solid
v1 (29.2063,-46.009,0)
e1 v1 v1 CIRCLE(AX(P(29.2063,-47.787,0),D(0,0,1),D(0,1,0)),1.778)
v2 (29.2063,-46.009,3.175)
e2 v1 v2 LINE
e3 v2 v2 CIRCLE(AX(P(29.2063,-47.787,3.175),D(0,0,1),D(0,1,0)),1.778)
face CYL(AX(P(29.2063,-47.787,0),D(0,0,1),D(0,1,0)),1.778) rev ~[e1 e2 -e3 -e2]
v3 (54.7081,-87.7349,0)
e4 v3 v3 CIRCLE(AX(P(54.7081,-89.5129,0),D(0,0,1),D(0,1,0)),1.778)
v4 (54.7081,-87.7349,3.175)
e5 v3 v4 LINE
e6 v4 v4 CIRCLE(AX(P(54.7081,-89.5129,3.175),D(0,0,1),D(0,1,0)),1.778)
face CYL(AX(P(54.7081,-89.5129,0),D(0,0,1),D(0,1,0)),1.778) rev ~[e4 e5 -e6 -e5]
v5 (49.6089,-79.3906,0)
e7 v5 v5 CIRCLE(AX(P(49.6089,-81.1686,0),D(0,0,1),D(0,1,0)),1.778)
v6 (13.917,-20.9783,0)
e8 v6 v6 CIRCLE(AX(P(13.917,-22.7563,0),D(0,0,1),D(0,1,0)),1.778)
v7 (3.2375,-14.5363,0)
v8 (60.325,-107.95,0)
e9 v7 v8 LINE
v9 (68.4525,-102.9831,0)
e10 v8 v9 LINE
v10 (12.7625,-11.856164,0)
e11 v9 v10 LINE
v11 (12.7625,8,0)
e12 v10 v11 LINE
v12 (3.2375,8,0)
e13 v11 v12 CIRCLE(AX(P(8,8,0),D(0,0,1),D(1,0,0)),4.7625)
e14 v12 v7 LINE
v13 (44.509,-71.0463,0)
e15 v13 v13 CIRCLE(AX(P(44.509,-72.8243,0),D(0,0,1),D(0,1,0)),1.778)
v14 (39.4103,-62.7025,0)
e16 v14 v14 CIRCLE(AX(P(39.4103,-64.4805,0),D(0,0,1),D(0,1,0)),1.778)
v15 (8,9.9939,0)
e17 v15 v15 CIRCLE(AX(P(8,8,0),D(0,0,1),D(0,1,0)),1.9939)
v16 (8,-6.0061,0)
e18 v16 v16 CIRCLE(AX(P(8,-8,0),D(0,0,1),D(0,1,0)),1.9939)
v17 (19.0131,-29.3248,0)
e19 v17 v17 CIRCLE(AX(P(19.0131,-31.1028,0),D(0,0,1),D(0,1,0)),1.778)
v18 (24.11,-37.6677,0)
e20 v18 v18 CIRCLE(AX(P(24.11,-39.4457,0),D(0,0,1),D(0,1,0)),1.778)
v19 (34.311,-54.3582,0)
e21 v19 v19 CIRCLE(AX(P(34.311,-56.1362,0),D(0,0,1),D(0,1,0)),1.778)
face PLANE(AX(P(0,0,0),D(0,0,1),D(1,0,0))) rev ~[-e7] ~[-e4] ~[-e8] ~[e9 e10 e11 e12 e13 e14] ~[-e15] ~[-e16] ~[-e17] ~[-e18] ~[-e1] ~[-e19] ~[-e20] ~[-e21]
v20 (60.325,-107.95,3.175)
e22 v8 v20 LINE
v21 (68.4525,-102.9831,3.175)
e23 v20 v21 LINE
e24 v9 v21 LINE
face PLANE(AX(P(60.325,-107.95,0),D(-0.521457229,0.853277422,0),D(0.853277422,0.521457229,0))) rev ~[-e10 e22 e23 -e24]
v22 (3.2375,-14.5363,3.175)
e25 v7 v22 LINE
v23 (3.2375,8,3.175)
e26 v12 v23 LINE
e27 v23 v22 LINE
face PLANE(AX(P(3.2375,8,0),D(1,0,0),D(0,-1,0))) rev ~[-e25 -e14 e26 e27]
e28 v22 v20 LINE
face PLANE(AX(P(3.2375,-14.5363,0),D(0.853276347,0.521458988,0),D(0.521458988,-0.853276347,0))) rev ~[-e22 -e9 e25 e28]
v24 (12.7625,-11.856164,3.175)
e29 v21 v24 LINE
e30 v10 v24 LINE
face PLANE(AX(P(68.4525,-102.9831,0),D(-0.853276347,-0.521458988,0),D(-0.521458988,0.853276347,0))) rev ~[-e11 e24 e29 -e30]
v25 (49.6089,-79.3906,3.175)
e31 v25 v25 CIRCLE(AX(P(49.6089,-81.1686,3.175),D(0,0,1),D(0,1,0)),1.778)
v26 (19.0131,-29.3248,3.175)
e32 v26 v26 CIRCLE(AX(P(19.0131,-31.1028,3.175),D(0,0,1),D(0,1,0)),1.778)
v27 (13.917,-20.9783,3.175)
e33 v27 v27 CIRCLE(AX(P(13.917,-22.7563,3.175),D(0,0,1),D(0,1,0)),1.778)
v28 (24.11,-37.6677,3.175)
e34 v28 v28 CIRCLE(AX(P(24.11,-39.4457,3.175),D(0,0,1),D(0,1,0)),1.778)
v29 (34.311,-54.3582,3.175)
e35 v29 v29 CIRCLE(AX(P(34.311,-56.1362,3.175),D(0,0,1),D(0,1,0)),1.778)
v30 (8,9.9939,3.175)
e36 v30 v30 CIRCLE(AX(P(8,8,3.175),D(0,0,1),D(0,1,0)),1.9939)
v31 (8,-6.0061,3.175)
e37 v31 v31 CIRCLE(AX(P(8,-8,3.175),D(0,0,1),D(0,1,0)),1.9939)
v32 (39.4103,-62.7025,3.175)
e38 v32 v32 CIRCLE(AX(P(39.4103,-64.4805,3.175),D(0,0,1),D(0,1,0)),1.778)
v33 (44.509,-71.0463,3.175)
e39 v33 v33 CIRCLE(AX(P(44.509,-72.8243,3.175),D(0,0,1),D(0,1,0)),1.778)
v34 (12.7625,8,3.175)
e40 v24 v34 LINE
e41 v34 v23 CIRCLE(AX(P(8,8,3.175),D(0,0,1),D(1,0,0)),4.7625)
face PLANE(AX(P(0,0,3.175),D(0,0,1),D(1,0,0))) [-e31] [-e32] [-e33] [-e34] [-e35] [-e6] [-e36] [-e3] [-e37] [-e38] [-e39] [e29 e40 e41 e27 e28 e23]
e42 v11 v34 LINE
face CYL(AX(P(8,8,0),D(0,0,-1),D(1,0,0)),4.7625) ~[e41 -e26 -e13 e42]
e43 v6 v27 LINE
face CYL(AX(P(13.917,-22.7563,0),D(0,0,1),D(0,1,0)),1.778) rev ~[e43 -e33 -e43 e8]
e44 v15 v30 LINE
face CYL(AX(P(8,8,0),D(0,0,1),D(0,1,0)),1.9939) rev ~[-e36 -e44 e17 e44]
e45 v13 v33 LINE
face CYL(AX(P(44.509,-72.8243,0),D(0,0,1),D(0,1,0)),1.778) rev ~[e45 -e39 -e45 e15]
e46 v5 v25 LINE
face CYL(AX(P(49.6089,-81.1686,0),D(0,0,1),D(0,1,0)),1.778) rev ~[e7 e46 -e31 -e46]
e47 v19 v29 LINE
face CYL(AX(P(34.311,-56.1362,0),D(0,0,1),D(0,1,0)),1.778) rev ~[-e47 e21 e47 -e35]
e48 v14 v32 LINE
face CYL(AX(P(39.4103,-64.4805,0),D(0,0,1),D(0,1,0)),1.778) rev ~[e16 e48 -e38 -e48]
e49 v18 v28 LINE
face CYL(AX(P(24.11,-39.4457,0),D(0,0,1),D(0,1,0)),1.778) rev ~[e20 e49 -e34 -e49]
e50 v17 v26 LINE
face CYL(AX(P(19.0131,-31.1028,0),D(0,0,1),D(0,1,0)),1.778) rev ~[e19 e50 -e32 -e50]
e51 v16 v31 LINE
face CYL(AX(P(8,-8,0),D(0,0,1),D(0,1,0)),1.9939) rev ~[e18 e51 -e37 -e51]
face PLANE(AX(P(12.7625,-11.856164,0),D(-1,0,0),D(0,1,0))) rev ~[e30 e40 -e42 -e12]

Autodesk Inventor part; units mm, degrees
ref_plane "YZ Plane" through (0, 0, 0) normal (1, 0, 0) x (0, 1, 0)
ref_plane "XZ Plane" through (0, 0, 0) normal (0, 1, 0) x (-1, 0, 0)
ref_plane "XY Plane" through (0, 0, 0) normal (0, 0, 1) x (1, 0, 0)
sketch "Sketch1" plane through (0, 0, 0) normal (0, 0, 1) x (1, 0, 0)
  arc A0 (6.0118, 7.7827) -> (6.4404, 9.2521) centre (8, 8) ccw construction
  arc A1 (7.7827, -6.0118) -> (9.2521, -6.4404) centre (8, -8) ccw construction
  circle A2 centre (8, 8) radius 1.9939 construction
  circle A3 centre (8, -8) radius 1.9939 construction
  line L0 (6.0061, 8) -> (6.0061, -8) construction
  line L1 (1.9277, 2.1329) -> (2.8194, -0.5629) construction
  arc A4 (1.9277, 2.1329) -> (2.8194, -0.5629) centre (0, 0) ccw construction
  line L2 (9.9939, 8) -> (6.0061, 8) construction
  line L3 (6.0061, 8) -> (6.0061, -8) construction
  line L4 (6.0061, -8) -> (9.9939, -8) construction
  line L5 (9.9939, -8) -> (9.9939, 8) construction
  arc A5 (12.7621, 7.9367) -> (3.2375, 8) centre (8, 8) ccw construction
  line L6 (8, 8) -> (3.2375, 8) construction
  line L7 (8, 8) -> (12.7625, 8) construction
  line L8 (12.7625, 10.7686) -> (3.2375, 10.7686) construction
  line L9 (3.2375, 10.7686) -> (3.2375, -14.5363) construction
  line L10 (3.2375, -10.7686) -> (12.7625, -10.7686) construction
  line L11 (12.7625, -11.6614) -> (12.7625, 10.7686) construction
  line L12 (12.7625, 8) -> (12.7625, -11.6614) construction
  line L13 (3.2375, 8) -> (3.2375, -14.5363) construction
  line L14 (125.2938, -2.5112) -> (119.3124, -4.6433) construction
  line L15 (120.3686, -7.6063) -> (119.3124, -4.6433) construction
  circle A6 centre (64.263, -105.1393) radius 2 construction
  circle A7 centre (0, 0) radius 1.9939 construction
  line L16 (64.263, -105.1393) -> (0, 0) construction
  line L17 (0, 0) -> (-1.7037, -1.0359) construction
  line L18 (0, 0) -> (1.9939, 0) construction
  line L19 (0, 0) -> (1.7037, 1.0359) construction
  line L20 (64.263, -105.1393) -> (62.5541, -106.1783) construction
  line L21 (64.263, -105.1393) -> (66.263, -105.1393) construction
  line L22 (64.263, -105.1393) -> (65.9719, -104.1002) construction
  line L23 (1.7037, 1.0359) -> (65.9719, -104.1002) construction
  line L24 (65.9719, -104.1002) -> (62.5591, -106.1865) construction
  line L25 (62.5591, -106.1865) -> (-1.7091, -1.0504) construction
  line L26 (-1.7091, -1.0504) -> (1.7037, 1.0359) construction
  line L27 (-5.5766, -0.1174) -> (61.6261, -110.0539) construction
  line L28 (61.6261, -110.0539) -> (69.8394, -105.0332) construction
  line L29 (69.8394, -105.0332) -> (0.7437, 8) construction
  line L30 (2.6367, 4.9033) -> (-5.5766, -0.1174) construction
  line L31 (64.263, -105.1393) -> (68.3721, -102.633) construction
  line L32 (12.7625, -11.6614) -> (68.3721, -102.633) construction
  line L33 (64.263, -105.1393) -> (60.1589, -107.6537) construction
  line L34 (68.3721, -102.633) -> (60.1589, -107.6537) construction
  line L35 (60.1589, -107.6537) -> (3.2375, -14.5363) construction
  arc A8 (25.7824, -64.2706) -> (22.8, -65.3296) centre (24.3335, -64.9192) ccw construction
  circle A9 centre (43.9887, -120.2705) radius 1.5 construction
  circle A10 centre (43.9887, -120.2705) radius 60.325 construction
  circle A11 centre (34.3115, -56.1364) radius 1.778 construction
  circle A12 centre (8, 8) radius 4.7625
  line L36 (12.7625, -11.6614) -> (3.2375, -14.5363)
  line L37 (3.2375, -14.5363) -> (60.1589, -107.6537)
  line L38 (60.1589, -107.6537) -> (68.3721, -102.633)
  line L39 (68.3721, -102.633) -> (12.7625, -11.6614)
  circle A13 centre (34.3115, -56.1364) radius 1.778
  circle A14 centre (13.9136, -22.7595) radius 1.778
  circle A15 centre (19.013, -31.1037) radius 1.778
  circle A16 centre (24.1123, -39.4479) radius 1.778
  circle A17 centre (29.2117, -47.7921) radius 1.778
  circle A18 centre (39.4103, -64.4804) radius 1.778
  circle A19 centre (44.5097, -72.8246) radius 1.778
  circle A20 centre (49.609, -81.1688) radius 1.778
  circle A21 centre (54.7084, -89.513) radius 1.778
  circle A22 centre (8, -8) radius 1.9939
  circle A23 centre (8, 8) radius 1.9939
  point P0 (0, 0)
  dimension "d1" = 3.9878
  dimension "d0" = 3.9878
  dimension "d3" = 4.7625
  dimension "d4" = 180
  dimension "d5" = 2.7686
  dimension "d6" = 3.9878
  dimension "d7" = 148.7
  dimension "d8" = 148.7
  dimension "d9" = 2.8131
  dimension "d11" = 3.556
  dimension "d98" = 3.9878
  dimension "d99" = 3.9878
extrude "Extrusion1" add sketch "Sketch1" along normal blind 3.175 contours A12 | A23
ref_plane "Work Plane1" through (0, 0, 0) normal (0, 0, 1) x (1, 0, 0)
sketch "Sketch2" plane through (0, 0, 0) normal (0, 0, 1) x (1, 0, 0)
  circle A0 centre (8, 8) radius 4.7625 projected
  line L0 (12.7625, 8) -> (3.2375, 8)
  line L1 (3.2375, 8) -> (3.2375, -14.5363)
  line L2 (3.2375, -14.5363) -> (12.7625, -14.5363)
  line L3 (12.7625, -14.5363) -> (12.7625, 8)
  line L4 (3.2375, -14.5363) -> (60.325, -107.95)
  line L5 (60.325, -107.95) -> (68.4525, -102.9831)
  line L6 (68.4525, -102.9831) -> (11.365, -9.5694)
  line L7 (11.365, -9.5694) -> (3.2375, -14.5363)
  point P0 (0, 0)
  dimension "d14" = 9.525
extrude "Extrusion2" add sketch "Sketch2" along normal blind 3.175 contours L3 L6 L7 L1 A0 | A0 L0 | L6 L5 L4 L2 L3 | L3 L2 L7 L6 picked at (6.8117, 6.9473)
hole "Hole1" at (34.311, -56.1362, 0) direction (0, 0, 1) diameter 3.556 end through all
hole "Hole2" at (49.6089, -81.1686, 0) direction (0, 0, 1) diameter 3.556 end through all
hole "Hole3" at (44.509, -72.8243, 0) direction (0, 0, 1) diameter 3.556 end through all
hole "Hole4" at (54.7081, -89.5129, 0) direction (0, 0, 1) diameter 3.556 end through all
hole "Hole5" at (39.4103, -64.4805, 0) direction (0, 0, 1) diameter 3.556 end through all
hole "Hole6" at (29.2063, -47.787, 0) direction (0, 0, 1) diameter 3.556 end through all
hole "Hole7" at (24.11, -39.4457, 0) direction (0, 0, 1) diameter 3.556 end through all
hole "Hole8" at (19.0131, -31.1028, 0) direction (0, 0, 1) diameter 3.556 end through all
hole "Hole9" at (13.917, -22.7563, 0) direction (0, 0, 1) diameter 3.556 end through all
sketch "Sketch3" plane through (60.325, -107.95, 0) normal (-0.8533, -0.5215, 0) x (0, 0, 1)
  point P0 (0, 123.5682)
sketch "Sketch4" plane through (0, 0, 3.175) normal (0, 0, 1) x (1, 0, 0)
  spline S0 degree 3 poles (-25.2788, -2.0557) (-25.3112, -1.9605) (-25.3341, -1.8916) (-25.3588, -1.8128) (-25.3613, -1.8009) (-25.3441, -1.8374) (-25.3155, -1.9119) (-25.2521, -2.0803) (-25.2004, -2.2209) (-25.0761, -2.5633) (-25.0055, -2.7599) (-24.8596, -3.169) (-24.7792, -3.3953) (-24.6138, -3.8659) (-24.5358, -4.0898) (-24.3927, -4.5052) (-24.3289, -4.6925) (-24.2382, -4.9635) (-24.1921, -5.103) (-24.1408, -5.2711) (-24.1321, -5.3068) (-24.1428, -5.2998) (-24.1636, -5.2531) (-24.2396, -5.0631) (-24.2901, -4.9305) (-24.3621, -4.7401) (-24.4003, -4.6379) (-24.4829, -4.4155) (-24.5269, -4.296) (-24.5725, -4.1714) knots 0.000001 0.000001 0.000001 0.000001 0.060915 0.060915 0.118968 0.118968 0.203575 0.203575 0.324675 0.324675 0.441995 0.441995 0.548902 0.548902 0.648718 0.648718 0.748605 0.748605 0.82225 0.82225 0.878767 0.878767 0.938156 0.938156 1.008318 1.008318 1.073219 1.073219 1.138691 1.138691 1.138691 1.138691
  point P0 (0, 0)
sketch "Sketch5" plane through (0, 0, 0) normal (0, 0, -1) x (-1, 0, 0)
  arc A0 (-9.9544, 7.5753) -> (-9.6822, 9.0817) centre (-8, 8) ccw projected
  arc A1 (-7.5753, -9.9544) -> (-9.0817, -9.6822) centre (-8, -8) ccw
  circle A2 centre (-8, 8) radius 2
  circle A3 centre (-8, -8) radius 2
  point P0 (0, 0)
hole "Hole10" at (8, -8, 0) direction (0, 0, 1) diameter 3.9878 end through all
hole "Hole11" at (8, 8, 0) direction (0, 0, 1) diameter 3.9878 end through all
properties part number "CollectorArm"
